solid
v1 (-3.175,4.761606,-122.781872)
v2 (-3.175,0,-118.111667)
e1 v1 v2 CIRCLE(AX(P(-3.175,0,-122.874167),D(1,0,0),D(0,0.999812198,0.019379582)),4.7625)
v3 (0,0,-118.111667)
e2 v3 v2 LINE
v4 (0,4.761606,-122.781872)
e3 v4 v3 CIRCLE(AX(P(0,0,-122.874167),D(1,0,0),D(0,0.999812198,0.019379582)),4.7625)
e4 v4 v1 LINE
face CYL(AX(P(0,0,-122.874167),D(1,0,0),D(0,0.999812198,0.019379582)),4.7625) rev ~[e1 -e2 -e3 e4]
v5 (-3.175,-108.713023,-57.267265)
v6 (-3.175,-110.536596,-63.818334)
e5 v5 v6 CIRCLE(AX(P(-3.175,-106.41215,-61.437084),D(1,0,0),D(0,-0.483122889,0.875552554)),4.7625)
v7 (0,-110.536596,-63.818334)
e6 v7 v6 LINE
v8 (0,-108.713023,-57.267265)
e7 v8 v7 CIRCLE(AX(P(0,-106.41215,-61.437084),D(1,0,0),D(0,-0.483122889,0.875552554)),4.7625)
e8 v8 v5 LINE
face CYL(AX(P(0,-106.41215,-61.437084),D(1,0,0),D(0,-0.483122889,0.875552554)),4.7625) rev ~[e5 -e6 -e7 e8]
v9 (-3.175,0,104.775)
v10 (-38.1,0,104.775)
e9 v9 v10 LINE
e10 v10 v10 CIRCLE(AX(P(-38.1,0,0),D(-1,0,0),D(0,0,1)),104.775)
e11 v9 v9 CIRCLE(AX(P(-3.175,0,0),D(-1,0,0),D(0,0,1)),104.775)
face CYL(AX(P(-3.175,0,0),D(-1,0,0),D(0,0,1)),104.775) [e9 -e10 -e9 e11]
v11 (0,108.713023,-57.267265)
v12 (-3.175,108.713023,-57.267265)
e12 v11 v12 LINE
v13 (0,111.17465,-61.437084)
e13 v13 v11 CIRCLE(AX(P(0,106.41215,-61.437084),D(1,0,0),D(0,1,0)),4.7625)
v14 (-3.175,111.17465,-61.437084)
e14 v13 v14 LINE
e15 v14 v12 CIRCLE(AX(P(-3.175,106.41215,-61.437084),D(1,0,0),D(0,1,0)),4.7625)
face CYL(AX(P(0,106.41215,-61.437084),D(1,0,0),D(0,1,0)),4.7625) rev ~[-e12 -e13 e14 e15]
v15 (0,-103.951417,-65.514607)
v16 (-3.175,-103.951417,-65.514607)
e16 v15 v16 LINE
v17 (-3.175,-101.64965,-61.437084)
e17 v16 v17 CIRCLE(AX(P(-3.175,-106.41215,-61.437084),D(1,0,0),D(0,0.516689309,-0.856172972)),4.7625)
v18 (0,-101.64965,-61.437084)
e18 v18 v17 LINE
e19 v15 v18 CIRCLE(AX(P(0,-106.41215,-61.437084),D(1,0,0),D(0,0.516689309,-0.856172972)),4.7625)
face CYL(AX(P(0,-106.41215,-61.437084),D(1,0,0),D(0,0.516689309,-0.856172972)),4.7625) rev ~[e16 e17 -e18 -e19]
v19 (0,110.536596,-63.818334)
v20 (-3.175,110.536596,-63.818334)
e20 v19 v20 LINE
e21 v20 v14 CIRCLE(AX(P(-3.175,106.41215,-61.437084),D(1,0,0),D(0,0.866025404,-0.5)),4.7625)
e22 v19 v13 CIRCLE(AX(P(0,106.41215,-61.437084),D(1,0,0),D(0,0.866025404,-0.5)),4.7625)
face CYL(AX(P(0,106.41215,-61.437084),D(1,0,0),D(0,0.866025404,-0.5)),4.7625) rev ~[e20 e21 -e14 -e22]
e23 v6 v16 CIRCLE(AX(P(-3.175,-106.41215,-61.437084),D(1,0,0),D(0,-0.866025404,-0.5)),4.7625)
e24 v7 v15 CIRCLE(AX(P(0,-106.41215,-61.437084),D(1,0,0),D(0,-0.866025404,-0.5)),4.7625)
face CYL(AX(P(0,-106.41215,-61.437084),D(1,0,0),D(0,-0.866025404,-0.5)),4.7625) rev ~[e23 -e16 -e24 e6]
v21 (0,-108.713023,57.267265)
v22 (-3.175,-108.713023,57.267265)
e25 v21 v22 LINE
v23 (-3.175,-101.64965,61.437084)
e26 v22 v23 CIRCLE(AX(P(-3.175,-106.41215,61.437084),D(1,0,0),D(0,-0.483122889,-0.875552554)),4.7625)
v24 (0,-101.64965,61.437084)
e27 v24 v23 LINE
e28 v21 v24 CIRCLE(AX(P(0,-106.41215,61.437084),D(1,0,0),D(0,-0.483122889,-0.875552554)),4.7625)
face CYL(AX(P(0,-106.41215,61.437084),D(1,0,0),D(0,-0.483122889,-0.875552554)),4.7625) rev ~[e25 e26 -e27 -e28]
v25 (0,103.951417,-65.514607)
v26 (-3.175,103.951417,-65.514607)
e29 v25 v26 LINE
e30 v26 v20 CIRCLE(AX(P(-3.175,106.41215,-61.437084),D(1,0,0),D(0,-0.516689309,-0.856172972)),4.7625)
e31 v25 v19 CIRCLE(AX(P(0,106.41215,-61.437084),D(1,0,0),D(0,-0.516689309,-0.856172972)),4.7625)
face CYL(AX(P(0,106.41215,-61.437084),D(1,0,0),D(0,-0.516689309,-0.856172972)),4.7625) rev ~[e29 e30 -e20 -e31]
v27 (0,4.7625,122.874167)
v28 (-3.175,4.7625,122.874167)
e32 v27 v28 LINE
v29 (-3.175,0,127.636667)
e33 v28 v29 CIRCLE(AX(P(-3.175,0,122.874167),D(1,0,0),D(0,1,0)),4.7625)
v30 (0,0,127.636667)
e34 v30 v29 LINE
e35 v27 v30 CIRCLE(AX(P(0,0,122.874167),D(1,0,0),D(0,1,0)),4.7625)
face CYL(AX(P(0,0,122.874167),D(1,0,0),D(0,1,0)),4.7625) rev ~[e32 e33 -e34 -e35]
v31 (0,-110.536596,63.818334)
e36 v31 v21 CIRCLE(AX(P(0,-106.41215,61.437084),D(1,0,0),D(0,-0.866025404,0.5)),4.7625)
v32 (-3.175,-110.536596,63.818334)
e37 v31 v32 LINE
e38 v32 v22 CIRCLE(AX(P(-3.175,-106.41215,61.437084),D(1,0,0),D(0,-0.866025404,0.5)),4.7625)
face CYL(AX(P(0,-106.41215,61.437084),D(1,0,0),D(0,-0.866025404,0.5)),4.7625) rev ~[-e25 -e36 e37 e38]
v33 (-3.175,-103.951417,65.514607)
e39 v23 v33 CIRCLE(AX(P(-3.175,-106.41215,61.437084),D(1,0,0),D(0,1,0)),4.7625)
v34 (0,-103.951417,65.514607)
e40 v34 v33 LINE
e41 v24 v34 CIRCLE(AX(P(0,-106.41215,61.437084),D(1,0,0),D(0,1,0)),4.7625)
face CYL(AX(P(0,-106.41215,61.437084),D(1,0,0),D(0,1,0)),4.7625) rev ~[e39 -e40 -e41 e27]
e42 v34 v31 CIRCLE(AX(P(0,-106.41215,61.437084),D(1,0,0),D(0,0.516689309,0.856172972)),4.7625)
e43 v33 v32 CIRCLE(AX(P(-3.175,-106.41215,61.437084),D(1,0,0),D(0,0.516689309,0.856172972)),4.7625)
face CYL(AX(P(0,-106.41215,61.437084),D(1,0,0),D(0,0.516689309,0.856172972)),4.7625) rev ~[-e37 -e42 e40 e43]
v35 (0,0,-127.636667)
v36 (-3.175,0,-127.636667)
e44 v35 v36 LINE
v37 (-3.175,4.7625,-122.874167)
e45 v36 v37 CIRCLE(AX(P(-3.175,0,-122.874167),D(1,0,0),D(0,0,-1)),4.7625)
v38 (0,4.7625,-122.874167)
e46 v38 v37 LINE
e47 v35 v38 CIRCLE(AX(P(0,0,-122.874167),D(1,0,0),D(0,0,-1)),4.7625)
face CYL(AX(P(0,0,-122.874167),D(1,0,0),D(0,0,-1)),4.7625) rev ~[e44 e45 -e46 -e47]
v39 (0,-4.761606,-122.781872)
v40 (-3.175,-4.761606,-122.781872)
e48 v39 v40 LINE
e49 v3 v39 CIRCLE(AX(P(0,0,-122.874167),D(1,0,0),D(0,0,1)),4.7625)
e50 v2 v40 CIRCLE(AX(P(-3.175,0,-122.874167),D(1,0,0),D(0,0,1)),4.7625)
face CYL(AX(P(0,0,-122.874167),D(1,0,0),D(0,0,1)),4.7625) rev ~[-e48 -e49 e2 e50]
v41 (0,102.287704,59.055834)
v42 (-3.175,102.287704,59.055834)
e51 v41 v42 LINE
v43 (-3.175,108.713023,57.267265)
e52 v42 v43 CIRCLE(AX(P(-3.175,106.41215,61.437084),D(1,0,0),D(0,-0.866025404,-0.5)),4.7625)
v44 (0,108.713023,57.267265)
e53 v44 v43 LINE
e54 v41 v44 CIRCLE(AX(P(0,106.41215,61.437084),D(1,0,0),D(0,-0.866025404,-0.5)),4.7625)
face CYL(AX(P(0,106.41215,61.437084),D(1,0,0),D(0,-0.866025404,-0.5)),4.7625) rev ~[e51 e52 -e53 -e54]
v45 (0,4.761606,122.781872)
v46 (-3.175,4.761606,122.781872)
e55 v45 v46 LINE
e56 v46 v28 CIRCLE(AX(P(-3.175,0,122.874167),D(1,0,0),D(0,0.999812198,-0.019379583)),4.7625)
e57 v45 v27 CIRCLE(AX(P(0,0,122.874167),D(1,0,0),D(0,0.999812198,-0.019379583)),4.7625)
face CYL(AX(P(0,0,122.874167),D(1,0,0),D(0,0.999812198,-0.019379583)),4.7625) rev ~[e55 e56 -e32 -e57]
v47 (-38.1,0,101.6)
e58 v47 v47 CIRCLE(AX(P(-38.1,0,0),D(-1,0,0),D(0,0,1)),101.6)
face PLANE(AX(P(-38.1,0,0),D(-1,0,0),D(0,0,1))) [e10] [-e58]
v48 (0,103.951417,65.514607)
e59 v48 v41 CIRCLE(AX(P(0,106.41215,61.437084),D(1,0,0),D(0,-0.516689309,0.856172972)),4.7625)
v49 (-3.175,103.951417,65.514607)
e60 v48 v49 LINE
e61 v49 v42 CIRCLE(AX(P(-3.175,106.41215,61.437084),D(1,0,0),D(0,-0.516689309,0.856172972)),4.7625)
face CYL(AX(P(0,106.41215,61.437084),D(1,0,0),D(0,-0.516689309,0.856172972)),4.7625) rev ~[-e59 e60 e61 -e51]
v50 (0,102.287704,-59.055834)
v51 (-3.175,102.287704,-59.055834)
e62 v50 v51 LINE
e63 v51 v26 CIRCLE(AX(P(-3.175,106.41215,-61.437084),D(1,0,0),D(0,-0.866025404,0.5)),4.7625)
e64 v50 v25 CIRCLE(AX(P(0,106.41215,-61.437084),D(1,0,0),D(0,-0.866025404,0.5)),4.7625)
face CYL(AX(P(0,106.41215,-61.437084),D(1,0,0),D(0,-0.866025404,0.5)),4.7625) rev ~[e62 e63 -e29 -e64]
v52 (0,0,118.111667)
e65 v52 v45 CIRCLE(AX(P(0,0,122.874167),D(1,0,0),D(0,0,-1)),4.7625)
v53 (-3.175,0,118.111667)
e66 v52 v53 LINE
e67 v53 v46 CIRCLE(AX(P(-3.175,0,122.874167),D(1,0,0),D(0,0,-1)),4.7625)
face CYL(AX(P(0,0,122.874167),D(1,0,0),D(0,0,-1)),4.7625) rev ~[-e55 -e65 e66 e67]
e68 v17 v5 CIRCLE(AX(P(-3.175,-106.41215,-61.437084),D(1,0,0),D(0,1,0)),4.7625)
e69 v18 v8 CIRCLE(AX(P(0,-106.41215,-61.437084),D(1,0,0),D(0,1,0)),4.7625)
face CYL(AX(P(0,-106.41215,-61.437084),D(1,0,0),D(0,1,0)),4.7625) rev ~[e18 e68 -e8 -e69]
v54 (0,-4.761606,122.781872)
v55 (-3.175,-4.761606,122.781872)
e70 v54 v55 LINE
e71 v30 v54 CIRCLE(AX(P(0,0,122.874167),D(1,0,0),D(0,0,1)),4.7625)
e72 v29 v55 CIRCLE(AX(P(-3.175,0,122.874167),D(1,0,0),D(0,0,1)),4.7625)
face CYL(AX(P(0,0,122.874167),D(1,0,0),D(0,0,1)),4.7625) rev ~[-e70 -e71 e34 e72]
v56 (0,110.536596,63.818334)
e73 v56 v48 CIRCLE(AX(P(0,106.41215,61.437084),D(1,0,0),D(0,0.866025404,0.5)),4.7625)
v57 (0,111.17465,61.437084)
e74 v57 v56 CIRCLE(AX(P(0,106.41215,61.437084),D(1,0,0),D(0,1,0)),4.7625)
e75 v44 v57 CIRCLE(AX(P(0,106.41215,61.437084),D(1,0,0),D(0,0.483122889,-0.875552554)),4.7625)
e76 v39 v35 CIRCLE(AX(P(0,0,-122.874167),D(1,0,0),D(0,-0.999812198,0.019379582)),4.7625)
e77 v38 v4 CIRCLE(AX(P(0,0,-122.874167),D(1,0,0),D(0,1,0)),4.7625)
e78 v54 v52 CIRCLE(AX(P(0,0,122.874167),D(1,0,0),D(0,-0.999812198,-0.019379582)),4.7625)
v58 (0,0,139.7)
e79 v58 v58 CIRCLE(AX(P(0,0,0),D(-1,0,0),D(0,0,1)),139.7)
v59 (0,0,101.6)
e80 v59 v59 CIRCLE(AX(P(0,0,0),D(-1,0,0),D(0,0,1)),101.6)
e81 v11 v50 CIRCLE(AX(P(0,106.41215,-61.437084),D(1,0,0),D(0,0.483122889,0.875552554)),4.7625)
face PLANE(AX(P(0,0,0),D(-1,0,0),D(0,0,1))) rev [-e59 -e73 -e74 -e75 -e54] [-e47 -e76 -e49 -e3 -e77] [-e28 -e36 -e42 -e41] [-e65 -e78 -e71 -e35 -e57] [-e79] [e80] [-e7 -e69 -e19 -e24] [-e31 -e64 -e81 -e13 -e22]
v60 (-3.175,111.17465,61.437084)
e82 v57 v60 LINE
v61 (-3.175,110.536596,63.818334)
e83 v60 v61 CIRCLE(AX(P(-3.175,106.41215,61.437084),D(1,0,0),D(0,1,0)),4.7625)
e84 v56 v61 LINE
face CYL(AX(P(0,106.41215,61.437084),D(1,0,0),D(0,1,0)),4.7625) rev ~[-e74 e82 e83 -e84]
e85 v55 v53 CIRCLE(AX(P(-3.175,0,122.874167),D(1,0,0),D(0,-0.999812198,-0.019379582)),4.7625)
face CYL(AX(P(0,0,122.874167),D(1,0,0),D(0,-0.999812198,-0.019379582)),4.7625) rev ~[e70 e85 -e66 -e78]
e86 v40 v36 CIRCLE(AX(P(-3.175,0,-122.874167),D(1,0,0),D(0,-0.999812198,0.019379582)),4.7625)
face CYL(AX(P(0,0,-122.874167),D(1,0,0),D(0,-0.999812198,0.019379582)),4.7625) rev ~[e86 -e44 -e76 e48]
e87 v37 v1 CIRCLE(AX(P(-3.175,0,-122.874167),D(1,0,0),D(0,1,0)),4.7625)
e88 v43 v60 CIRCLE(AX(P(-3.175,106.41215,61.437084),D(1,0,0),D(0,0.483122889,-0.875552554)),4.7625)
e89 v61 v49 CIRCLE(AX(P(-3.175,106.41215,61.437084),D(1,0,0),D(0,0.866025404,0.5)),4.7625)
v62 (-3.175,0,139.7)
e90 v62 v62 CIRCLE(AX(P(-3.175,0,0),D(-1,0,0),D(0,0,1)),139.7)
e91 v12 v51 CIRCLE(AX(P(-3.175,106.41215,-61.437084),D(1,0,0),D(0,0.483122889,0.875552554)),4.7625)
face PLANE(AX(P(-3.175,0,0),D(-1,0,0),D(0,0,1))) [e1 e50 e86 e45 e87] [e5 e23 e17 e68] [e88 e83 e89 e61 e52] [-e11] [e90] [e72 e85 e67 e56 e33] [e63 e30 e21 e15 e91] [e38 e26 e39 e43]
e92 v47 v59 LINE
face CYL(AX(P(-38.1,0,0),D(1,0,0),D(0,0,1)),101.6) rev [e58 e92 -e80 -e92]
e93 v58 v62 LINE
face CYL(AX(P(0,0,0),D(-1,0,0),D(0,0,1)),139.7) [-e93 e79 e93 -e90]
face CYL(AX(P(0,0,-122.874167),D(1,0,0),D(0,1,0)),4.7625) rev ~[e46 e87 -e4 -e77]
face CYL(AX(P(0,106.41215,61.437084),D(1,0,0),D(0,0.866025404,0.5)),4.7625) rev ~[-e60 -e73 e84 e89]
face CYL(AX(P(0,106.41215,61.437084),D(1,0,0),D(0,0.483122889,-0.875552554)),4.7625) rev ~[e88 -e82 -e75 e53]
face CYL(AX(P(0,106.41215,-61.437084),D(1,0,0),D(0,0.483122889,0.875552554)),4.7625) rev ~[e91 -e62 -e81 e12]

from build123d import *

# Parameters (mm, degrees)
F3_DEPTH = 25.4


with BuildPart() as f1:
    # F0 (on Front) → F1 (revolve)
    with BuildSketch(Plane.XZ):
        Polygon((-38.1, 101.6), (0, 101.6), (0, 139.7), (-3.175, 139.7), (-3.175, 104.775), (-38.1, 104.775), align=None)
    revolve(axis=Axis((-40.6781, 0, 0), (-1, 0, 0)))

    # F2 (on Right) → F3 (cut)
    with BuildSketch(Plane.YZ):
        with BuildLine():
            Line((-110.5365962259, 63.8183335863), (-106.4121502404, 61.4370835863))
            ThreePointArc((-106.4121502404, 61.4370835863), (-105.201540854, 63.4877685883), (-103.951417404, 65.5146073641))
            ThreePointArc((-103.951417404, 65.5146073641), (-107.6001407887, 66.0490337928), (-110.5365962259, 63.8183335863))
        make_face()
        with BuildLine():
            ThreePointArc((-108.7130229983, 57.2672645493), (-107.582790854, 59.3633226027), (-106.4121502404, 61.4370835863))
            Line((-106.4121502404, 61.4370835863), (-110.5365962259, 63.8183335863))
            ThreePointArc((-110.5365962259, 63.8183335863), (-111.0002115544, 60.1599384774), (-108.7130229983, 57.2672645493))
        make_face()
        with BuildLine():
            ThreePointArc((-108.7130229983, 57.2672645493), (-105.1350051315, 56.8490222724), (-102.2877042549, 59.0558335863))
            Line((-102.2877042549, 59.0558335863), (-106.4121502404, 61.4370835863))
            ThreePointArc((-106.4121502404, 61.4370835863), (-107.582790854, 59.3633226027), (-108.7130229983, 57.2672645493))
        make_face()
        with BuildLine():
            Line((-106.4121502404, 61.4370835863), (-102.2877042549, 59.0558335863))
            ThreePointArc((-102.2877042549, 59.0558335863), (-101.8119284927, 60.204457884), (-101.6496502404, 61.4370835863))
            ThreePointArc((-101.6496502404, 61.4370835863), (-102.2648230057, 63.7782548869), (-103.951417404, 65.5146073641))
            ThreePointArc((-103.951417404, 65.5146073641), (-105.201540854, 63.4877685883), (-106.4121502404, 61.4370835863))
        make_face()
        with BuildLine():
            Line((-110.5365962259, -63.8183335863), (-106.4121502404, -61.4370835863))
            ThreePointArc((-106.4121502404, -61.4370835863), (-107.582790854, -59.3633226027), (-108.7130229983, -57.2672645493))
            ThreePointArc((-108.7130229983, -57.2672645493), (-111.0002115544, -60.1599384774), (-110.5365962259, -63.8183335863))
        make_face()
        with BuildLine():
            Line((-106.4121502404, -61.4370835863), (-102.2877042549, -59.0558335863))
            ThreePointArc((-102.2877042549, -59.0558335863), (-105.1350051315, -56.8490222724), (-108.7130229983, -57.2672645493))
            ThreePointArc((-108.7130229983, -57.2672645493), (-107.582790854, -59.3633226027), (-106.4121502404, -61.4370835863))
        make_face()
        with BuildLine():
            ThreePointArc((-101.6496502404, -61.4370835863), (-101.8119284927, -60.204457884), (-102.2877042549, -59.0558335863))
            Line((-102.2877042549, -59.0558335863), (-106.4121502404, -61.4370835863))
            ThreePointArc((-106.4121502404, -61.4370835863), (-105.201540854, -63.4877685883), (-103.951417404, -65.5146073641))
            ThreePointArc((-103.951417404, -65.5146073641), (-102.2648230057, -63.7782548869), (-101.6496502404, -61.4370835863))
        make_face()
        with BuildLine():
            ThreePointArc((-103.951417404, -65.5146073641), (-105.201540854, -63.4877685883), (-106.4121502404, -61.4370835863))
            Line((-106.4121502404, -61.4370835863), (-110.5365962259, -63.8183335863))
            ThreePointArc((-110.5365962259, -63.8183335863), (-107.6001407887, -66.0490337928), (-103.951417404, -65.5146073641))
        make_face()
        with BuildLine():
            ThreePointArc((4.7625, -122.8741671727), (4.7622763933, -122.8280173762), (4.7616055942, -122.7818719133))
            ThreePointArc((4.7616055942, -122.7818719133), (2.38125, -122.851091191), (0, -122.8741671727))
            Line((0, -122.8741671727), (0, -127.6366671727))
            ThreePointArc((0, -127.6366671727), (3.3675960454, -126.2417632181), (4.7625, -122.8741671727))
        make_face()
        with BuildLine():
            ThreePointArc((4.7616055942, -122.7818719133), (3.3348050976, -119.474096407), (0, -118.1116671727))
            Line((0, -118.1116671727), (0, -122.8741671727))
            ThreePointArc((0, -122.8741671727), (2.38125, -122.851091191), (4.7616055942, -122.7818719133))
        make_face()
        with BuildLine():
            Line((0, -122.8741671727), (0, -118.1116671727))
            ThreePointArc((0, -118.1116671727), (-3.3348050976, -119.474096407), (-4.7616055942, -122.7818719133))
            ThreePointArc((-4.7616055942, -122.7818719133), (-2.38125, -122.851091191), (0, -122.8741671727))
        make_face()
        with BuildLine():
            Line((0, -127.6366671727), (0, -122.8741671727))
            ThreePointArc((0, -122.8741671727), (-2.38125, -122.851091191), (-4.7616055942, -122.7818719133))
            ThreePointArc((-4.7616055942, -122.7818719133), (-3.4000707656, -126.2089722702), (0, -127.6366671727))
        make_face()
        with BuildLine():
            ThreePointArc((106.4121502404, -61.4370835863), (107.582790854, -59.3633226027), (108.7130229983, -57.2672645493))
            ThreePointArc((108.7130229983, -57.2672645493), (105.1350051315, -56.8490222724), (102.2877042549, -59.0558335863))
            Line((102.2877042549, -59.0558335863), (106.4121502404, -61.4370835863))
        make_face()
        with BuildLine():
            ThreePointArc((111.1746502404, -61.4370835863), (110.5133276786, -59.0159784936), (108.7130229983, -57.2672645493))
            ThreePointArc((108.7130229983, -57.2672645493), (107.582790854, -59.3633226027), (106.4121502404, -61.4370835863))
            Line((106.4121502404, -61.4370835863), (110.5365962259, -63.8183335863))
            ThreePointArc((110.5365962259, -63.8183335863), (111.0123719881, -62.6697092886), (111.1746502404, -61.4370835863))
        make_face()
        with BuildLine():
            Line((110.5365962259, -63.8183335863), (106.4121502404, -61.4370835863))
            ThreePointArc((106.4121502404, -61.4370835863), (105.201540854, -63.4877685883), (103.951417404, -65.5146073641))
            ThreePointArc((103.951417404, -65.5146073641), (107.6001407887, -66.0490337928), (110.5365962259, -63.8183335863))
        make_face()
        with BuildLine():
            ThreePointArc((103.951417404, -65.5146073641), (105.201540854, -63.4877685883), (106.4121502404, -61.4370835863))
            Line((106.4121502404, -61.4370835863), (102.2877042549, -59.0558335863))
            ThreePointArc((102.2877042549, -59.0558335863), (101.8002000339, -62.6250741347), (103.951417404, -65.5146073641))
        make_face()
        with BuildLine():
            ThreePointArc((103.951417404, 65.5146073641), (105.201540854, 63.4877685883), (106.4121502404, 61.4370835863))
            Line((106.4121502404, 61.4370835863), (110.5365962259, 63.8183335863))
            ThreePointArc((110.5365962259, 63.8183335863), (107.6001407887, 66.0490337928), (103.951417404, 65.5146073641))
        make_face()
        with BuildLine():
            ThreePointArc((106.4121502404, 61.4370835863), (107.582790854, 59.3633226027), (108.7130229983, 57.2672645493))
            ThreePointArc((108.7130229983, 57.2672645493), (110.5133276786, 59.0159784936), (111.1746502404, 61.4370835863))
            ThreePointArc((111.1746502404, 61.4370835863), (111.0123719881, 62.6697092886), (110.5365962259, 63.8183335863))
            Line((110.5365962259, 63.8183335863), (106.4121502404, 61.4370835863))
        make_face()
        with BuildLine():
            ThreePointArc((102.2877042549, 59.0558335863), (105.1350051315, 56.8490222724), (108.7130229983, 57.2672645493))
            ThreePointArc((108.7130229983, 57.2672645493), (107.582790854, 59.3633226027), (106.4121502404, 61.4370835863))
            Line((106.4121502404, 61.4370835863), (102.2877042549, 59.0558335863))
        make_face()
        with BuildLine():
            Line((102.2877042549, 59.0558335863), (106.4121502404, 61.4370835863))
            ThreePointArc((106.4121502404, 61.4370835863), (105.201540854, 63.4877685883), (103.951417404, 65.5146073641))
            ThreePointArc((103.951417404, 65.5146073641), (101.8002000339, 62.6250741347), (102.2877042549, 59.0558335863))
        make_face()
        with BuildLine():
            ThreePointArc((0, 122.8741671727), (2.38125, 122.851091191), (4.7616055942, 122.7818719133))
            ThreePointArc((4.7616055942, 122.7818719133), (4.7622763933, 122.8280173762), (4.7625, 122.8741671727))
            ThreePointArc((4.7625, 122.8741671727), (3.3675960454, 126.2417632181), (0, 127.6366671727))
            Line((0, 127.6366671727), (0, 122.8741671727))
        make_face()
        with BuildLine():
            ThreePointArc((-4.7616055942, 122.7818719133), (-2.38125, 122.851091191), (0, 122.8741671727))
            Line((0, 122.8741671727), (0, 127.6366671727))
            ThreePointArc((0, 127.6366671727), (-3.4000707656, 126.2089722702), (-4.7616055942, 122.7818719133))
        make_face()
        with BuildLine():
            ThreePointArc((-4.7616055942, 122.7818719133), (-3.3348050976, 119.474096407), (0, 118.1116671727))
            Line((0, 118.1116671727), (0, 122.8741671727))
            ThreePointArc((0, 122.8741671727), (-2.38125, 122.851091191), (-4.7616055942, 122.7818719133))
        make_face()
        with BuildLine():
            ThreePointArc((0, 118.1116671727), (3.3348050976, 119.474096407), (4.7616055942, 122.7818719133))
            ThreePointArc((4.7616055942, 122.7818719133), (2.38125, 122.851091191), (0, 122.8741671727))
            Line((0, 122.8741671727), (0, 118.1116671727))
        make_face()
    extrude(amount=-F3_DEPTH, mode=Mode.SUBTRACT)


solid = f1.part
